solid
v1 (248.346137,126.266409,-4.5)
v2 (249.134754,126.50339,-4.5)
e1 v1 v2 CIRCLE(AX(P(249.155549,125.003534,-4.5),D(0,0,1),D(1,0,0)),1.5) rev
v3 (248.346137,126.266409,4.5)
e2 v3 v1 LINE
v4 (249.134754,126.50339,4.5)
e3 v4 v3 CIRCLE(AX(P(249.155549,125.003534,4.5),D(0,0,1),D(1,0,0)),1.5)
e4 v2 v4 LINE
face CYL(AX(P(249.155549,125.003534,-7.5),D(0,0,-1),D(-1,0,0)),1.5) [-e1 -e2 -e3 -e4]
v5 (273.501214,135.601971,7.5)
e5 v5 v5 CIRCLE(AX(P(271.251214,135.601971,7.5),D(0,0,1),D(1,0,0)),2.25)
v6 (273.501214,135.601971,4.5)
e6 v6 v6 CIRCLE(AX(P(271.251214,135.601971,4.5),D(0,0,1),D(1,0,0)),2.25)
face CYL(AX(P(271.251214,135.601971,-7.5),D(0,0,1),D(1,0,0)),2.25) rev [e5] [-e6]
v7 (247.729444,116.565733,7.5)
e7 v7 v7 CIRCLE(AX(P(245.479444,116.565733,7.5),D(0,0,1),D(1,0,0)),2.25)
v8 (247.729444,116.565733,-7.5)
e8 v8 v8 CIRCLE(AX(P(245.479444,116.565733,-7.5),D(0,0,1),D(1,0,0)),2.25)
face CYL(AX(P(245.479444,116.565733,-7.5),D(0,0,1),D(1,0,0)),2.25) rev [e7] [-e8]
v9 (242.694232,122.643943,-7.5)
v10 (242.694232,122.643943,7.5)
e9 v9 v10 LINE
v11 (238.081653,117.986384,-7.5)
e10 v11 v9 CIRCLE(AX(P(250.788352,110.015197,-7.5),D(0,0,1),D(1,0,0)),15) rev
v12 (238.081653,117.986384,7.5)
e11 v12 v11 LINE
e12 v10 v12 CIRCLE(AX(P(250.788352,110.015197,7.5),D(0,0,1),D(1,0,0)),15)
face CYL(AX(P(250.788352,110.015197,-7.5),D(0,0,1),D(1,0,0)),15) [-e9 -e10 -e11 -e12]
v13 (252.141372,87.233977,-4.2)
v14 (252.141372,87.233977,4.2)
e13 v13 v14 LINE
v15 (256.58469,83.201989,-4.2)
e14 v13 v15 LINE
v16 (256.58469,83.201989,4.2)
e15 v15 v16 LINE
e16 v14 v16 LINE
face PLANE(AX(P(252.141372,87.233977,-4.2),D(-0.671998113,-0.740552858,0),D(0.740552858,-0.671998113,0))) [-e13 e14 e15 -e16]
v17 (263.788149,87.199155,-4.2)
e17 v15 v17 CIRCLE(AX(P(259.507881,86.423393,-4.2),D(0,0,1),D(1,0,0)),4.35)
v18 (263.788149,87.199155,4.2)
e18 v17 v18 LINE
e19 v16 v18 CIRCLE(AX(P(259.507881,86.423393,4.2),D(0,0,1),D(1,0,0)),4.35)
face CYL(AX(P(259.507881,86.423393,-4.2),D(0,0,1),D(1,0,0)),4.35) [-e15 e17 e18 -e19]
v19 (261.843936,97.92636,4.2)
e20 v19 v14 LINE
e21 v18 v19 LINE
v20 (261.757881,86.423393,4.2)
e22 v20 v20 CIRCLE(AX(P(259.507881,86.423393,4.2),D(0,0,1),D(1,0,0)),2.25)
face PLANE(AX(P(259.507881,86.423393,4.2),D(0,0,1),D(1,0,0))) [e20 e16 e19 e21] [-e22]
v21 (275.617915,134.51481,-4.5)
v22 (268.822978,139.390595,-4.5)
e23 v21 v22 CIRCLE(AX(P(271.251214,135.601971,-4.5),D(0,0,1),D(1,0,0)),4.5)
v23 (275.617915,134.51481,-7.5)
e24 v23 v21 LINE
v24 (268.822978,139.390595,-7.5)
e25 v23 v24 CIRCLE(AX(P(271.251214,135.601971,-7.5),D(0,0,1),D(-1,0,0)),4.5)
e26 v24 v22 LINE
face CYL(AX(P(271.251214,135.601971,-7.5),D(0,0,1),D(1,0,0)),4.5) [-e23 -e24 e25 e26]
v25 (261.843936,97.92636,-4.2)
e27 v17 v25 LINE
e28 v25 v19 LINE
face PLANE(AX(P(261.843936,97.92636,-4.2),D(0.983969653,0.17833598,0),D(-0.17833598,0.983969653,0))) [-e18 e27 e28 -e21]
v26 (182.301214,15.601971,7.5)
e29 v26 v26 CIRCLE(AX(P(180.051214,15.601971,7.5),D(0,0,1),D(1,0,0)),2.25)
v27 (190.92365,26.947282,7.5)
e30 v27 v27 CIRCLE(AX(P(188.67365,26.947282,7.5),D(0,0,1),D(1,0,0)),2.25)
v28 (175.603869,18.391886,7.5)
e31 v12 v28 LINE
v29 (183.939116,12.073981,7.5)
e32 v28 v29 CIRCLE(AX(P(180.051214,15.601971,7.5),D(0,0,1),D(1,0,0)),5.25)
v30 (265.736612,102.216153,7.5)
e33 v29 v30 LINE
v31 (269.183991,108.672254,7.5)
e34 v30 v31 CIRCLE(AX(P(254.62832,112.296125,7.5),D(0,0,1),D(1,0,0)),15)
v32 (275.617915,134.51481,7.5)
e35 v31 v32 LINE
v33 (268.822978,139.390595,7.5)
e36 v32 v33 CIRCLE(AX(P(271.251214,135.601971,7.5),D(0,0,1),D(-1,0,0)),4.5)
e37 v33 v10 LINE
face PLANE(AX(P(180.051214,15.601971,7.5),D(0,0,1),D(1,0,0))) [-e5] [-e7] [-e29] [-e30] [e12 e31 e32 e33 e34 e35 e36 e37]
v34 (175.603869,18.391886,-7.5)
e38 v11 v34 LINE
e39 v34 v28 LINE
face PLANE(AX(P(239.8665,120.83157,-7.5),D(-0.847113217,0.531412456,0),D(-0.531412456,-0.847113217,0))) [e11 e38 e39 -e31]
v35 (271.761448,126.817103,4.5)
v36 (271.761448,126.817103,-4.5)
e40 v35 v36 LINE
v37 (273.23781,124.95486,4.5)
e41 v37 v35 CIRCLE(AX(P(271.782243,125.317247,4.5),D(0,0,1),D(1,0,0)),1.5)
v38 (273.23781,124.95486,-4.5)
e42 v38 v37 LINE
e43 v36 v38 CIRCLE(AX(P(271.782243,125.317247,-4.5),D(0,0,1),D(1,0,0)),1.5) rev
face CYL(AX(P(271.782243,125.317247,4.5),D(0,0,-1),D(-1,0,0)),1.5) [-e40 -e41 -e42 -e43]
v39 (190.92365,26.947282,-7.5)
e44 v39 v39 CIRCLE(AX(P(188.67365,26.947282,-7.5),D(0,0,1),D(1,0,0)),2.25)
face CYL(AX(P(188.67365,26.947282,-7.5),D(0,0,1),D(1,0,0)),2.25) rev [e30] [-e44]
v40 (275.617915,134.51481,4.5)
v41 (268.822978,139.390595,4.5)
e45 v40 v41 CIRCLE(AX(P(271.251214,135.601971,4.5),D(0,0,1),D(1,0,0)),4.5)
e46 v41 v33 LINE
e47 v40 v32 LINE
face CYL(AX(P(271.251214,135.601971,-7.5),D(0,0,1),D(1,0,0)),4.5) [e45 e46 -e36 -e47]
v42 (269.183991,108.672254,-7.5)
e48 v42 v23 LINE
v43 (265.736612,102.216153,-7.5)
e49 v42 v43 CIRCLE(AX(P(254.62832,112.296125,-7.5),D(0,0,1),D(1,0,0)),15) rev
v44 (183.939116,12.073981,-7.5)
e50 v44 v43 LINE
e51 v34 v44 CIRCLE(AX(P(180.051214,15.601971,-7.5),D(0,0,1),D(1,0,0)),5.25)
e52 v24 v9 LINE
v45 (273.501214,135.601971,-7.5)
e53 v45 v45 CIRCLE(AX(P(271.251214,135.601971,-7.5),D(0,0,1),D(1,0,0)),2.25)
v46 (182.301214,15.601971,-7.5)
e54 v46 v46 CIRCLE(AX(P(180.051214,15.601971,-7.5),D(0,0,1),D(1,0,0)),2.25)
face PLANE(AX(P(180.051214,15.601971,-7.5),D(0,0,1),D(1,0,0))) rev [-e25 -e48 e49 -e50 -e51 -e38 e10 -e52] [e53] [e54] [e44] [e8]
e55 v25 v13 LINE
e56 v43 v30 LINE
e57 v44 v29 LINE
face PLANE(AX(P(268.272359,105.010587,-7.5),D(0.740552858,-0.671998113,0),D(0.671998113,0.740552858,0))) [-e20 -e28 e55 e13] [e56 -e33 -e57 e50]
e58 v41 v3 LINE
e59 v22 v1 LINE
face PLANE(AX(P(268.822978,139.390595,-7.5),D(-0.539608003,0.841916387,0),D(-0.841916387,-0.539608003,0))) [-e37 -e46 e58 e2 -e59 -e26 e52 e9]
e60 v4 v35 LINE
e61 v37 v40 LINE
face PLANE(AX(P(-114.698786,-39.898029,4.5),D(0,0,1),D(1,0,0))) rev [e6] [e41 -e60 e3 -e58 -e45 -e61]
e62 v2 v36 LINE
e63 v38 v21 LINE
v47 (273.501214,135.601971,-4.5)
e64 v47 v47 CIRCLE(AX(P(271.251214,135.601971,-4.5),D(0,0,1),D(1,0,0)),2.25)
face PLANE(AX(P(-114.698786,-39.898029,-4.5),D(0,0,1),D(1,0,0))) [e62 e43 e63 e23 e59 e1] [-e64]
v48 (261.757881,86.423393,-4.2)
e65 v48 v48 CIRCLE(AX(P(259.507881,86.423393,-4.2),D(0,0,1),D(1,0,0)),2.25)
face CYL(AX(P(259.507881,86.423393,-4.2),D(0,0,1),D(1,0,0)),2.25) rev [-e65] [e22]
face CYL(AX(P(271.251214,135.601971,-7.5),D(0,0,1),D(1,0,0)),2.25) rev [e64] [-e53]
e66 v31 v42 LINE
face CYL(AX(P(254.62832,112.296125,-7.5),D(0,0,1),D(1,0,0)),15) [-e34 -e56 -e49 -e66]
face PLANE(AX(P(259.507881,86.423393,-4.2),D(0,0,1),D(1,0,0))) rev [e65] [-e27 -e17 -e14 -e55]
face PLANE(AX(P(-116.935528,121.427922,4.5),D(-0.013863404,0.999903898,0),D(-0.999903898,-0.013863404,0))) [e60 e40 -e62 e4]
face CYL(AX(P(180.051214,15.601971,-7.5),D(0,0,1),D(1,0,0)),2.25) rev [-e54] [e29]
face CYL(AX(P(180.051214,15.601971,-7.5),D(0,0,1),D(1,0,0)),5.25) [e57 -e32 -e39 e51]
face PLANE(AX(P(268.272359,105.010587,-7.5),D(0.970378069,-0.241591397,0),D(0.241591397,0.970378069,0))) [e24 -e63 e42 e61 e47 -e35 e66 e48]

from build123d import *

# Parameters (mm, degrees)
EXTRUDE_1_DEPTH          = 5
EXTRUDE_1_DEPTH_BACK     = 5
SKETCH_1_R               = 1.5
CUT_EXTRUDE_1_DEPTH      = 3
CUT_EXTRUDE_1_DEPTH_BACK = 3
SKETCH_2_R               = 1.5
EXTRUDE_4_DEPTH          = 2.8
EXTRUDE_4_DEPTH_BACK     = 2.8
SKETCH_3_R               = 1.5
FILLET_1_R               = 10
FILLET_2_R               = 1
SCALE1_SCALE             = 1.5


with BuildPart() as part:
    # 草图1 → 凸台-拉伸1 (new, two sides: drawn at the far end of the back side and taken through both)
    with BuildSketch(Plane.XY.offset(-EXTRUDE_1_DEPTH_BACK)):
        with BuildLine():
            Line((255.314096956, 96.605744176), (199.091935004, 34.648006604))
            ThreePointArc((199.091935004, 34.648006604), (194.385791324, 34.210713053), (193.535103741, 38.859943595))
            Line((193.535103741, 38.859943595), (236.376857538, 107.153065983))
            Line((236.376857538, 107.153065983), (255.681175992, 119.525749162))
            ThreePointArc((255.681175992, 119.525749162), (259.048997407, 119.43741832), (260.211134207, 116.275225808))
            Line((260.211134207, 116.275225808), (255.314096956, 96.605744176))
        make_face()
        with Locations((196.5, 37)):
            Circle(SKETCH_1_R, mode=Mode.SUBTRACT)
        with Locations((202.248291042, 44.563540844)):
            Circle(SKETCH_1_R, mode=Mode.SUBTRACT)
        with Locations((257.3, 117)):
            Circle(SKETCH_1_R, mode=Mode.SUBTRACT)
        with Locations((240.118819851, 104.309174626)):
            Circle(SKETCH_1_R, mode=Mode.SUBTRACT)
    extrude(amount=EXTRUDE_1_DEPTH + EXTRUDE_1_DEPTH_BACK)

    # 草图2 → 切除-拉伸1 (cut, two sides: drawn at the far end of the back side and taken through both)
    with BuildSketch(Plane.XY.offset(-CUT_EXTRUDE_1_DEPTH_BACK)):
        with BuildLine():
            Line((255.681175992, 119.525749162), (242.27027225, 110.930322002))
            Line((242.27027225, 110.930322002), (258.937967915, 111.161415211))
            Line((258.937967915, 111.161415211), (260.211134207, 116.275225808))
            ThreePointArc((260.211134207, 116.275225808), (259.048997407, 119.43741832), (255.681175992, 119.525749162))
        make_face()
        with Locations((257.3, 117)):
            Circle(SKETCH_2_R, mode=Mode.SUBTRACT)
    extrude(amount=CUT_EXTRUDE_1_DEPTH + CUT_EXTRUDE_1_DEPTH_BACK, mode=Mode.SUBTRACT)

    # 草图3 → 凸台-拉伸4 (add, two sides: drawn at the far end of the back side and taken through both)
    with BuildSketch(Plane.XY.offset(-EXTRUDE_4_DEPTH_BACK)):
        with BuildLine():
            Line((244.560105761, 84.754670841), (247.522317194, 82.066678389))
            ThreePointArc((247.522317194, 82.066678389), (250.878196788, 81.678515203), (252.324623716, 84.731456021))
            Line((252.324623716, 84.731456021), (251.028481638, 91.882926341))
            Line((251.028481638, 91.882926341), (244.560105761, 84.754670841))
        make_face()
        with Locations((249.471111722, 84.214281678)):
            Circle(SKETCH_3_R, mode=Mode.SUBTRACT)
    extrude(amount=EXTRUDE_4_DEPTH + EXTRUDE_4_DEPTH_BACK)

    # 圆角1
    fillet_1_edges = [part.edges().sort_by_distance(p)[0] for p in [
        (236.376857538, 107.153065983, 0),
        (255.314096956, 96.605744176, 0),
    ]]
    fillet(fillet_1_edges, radius=FILLET_1_R)

    # 圆角2
    fillet_2_edges = [part.edges().sort_by_distance(p)[0] for p in [
        (258.937967915, 111.161415211, 0),
        (242.27027225, 110.930322002, 0),
    ]]
    fillet(fillet_2_edges, radius=FILLET_2_R)


with BuildPart() as part_1:
    # Scale1: scaled about (229.397572443, 79.796058166, 0)
    add(part.part.scale(SCALE1_SCALE).moved(Location((-114.698786222, -39.898029083, 0))))


solid = part_1.part
